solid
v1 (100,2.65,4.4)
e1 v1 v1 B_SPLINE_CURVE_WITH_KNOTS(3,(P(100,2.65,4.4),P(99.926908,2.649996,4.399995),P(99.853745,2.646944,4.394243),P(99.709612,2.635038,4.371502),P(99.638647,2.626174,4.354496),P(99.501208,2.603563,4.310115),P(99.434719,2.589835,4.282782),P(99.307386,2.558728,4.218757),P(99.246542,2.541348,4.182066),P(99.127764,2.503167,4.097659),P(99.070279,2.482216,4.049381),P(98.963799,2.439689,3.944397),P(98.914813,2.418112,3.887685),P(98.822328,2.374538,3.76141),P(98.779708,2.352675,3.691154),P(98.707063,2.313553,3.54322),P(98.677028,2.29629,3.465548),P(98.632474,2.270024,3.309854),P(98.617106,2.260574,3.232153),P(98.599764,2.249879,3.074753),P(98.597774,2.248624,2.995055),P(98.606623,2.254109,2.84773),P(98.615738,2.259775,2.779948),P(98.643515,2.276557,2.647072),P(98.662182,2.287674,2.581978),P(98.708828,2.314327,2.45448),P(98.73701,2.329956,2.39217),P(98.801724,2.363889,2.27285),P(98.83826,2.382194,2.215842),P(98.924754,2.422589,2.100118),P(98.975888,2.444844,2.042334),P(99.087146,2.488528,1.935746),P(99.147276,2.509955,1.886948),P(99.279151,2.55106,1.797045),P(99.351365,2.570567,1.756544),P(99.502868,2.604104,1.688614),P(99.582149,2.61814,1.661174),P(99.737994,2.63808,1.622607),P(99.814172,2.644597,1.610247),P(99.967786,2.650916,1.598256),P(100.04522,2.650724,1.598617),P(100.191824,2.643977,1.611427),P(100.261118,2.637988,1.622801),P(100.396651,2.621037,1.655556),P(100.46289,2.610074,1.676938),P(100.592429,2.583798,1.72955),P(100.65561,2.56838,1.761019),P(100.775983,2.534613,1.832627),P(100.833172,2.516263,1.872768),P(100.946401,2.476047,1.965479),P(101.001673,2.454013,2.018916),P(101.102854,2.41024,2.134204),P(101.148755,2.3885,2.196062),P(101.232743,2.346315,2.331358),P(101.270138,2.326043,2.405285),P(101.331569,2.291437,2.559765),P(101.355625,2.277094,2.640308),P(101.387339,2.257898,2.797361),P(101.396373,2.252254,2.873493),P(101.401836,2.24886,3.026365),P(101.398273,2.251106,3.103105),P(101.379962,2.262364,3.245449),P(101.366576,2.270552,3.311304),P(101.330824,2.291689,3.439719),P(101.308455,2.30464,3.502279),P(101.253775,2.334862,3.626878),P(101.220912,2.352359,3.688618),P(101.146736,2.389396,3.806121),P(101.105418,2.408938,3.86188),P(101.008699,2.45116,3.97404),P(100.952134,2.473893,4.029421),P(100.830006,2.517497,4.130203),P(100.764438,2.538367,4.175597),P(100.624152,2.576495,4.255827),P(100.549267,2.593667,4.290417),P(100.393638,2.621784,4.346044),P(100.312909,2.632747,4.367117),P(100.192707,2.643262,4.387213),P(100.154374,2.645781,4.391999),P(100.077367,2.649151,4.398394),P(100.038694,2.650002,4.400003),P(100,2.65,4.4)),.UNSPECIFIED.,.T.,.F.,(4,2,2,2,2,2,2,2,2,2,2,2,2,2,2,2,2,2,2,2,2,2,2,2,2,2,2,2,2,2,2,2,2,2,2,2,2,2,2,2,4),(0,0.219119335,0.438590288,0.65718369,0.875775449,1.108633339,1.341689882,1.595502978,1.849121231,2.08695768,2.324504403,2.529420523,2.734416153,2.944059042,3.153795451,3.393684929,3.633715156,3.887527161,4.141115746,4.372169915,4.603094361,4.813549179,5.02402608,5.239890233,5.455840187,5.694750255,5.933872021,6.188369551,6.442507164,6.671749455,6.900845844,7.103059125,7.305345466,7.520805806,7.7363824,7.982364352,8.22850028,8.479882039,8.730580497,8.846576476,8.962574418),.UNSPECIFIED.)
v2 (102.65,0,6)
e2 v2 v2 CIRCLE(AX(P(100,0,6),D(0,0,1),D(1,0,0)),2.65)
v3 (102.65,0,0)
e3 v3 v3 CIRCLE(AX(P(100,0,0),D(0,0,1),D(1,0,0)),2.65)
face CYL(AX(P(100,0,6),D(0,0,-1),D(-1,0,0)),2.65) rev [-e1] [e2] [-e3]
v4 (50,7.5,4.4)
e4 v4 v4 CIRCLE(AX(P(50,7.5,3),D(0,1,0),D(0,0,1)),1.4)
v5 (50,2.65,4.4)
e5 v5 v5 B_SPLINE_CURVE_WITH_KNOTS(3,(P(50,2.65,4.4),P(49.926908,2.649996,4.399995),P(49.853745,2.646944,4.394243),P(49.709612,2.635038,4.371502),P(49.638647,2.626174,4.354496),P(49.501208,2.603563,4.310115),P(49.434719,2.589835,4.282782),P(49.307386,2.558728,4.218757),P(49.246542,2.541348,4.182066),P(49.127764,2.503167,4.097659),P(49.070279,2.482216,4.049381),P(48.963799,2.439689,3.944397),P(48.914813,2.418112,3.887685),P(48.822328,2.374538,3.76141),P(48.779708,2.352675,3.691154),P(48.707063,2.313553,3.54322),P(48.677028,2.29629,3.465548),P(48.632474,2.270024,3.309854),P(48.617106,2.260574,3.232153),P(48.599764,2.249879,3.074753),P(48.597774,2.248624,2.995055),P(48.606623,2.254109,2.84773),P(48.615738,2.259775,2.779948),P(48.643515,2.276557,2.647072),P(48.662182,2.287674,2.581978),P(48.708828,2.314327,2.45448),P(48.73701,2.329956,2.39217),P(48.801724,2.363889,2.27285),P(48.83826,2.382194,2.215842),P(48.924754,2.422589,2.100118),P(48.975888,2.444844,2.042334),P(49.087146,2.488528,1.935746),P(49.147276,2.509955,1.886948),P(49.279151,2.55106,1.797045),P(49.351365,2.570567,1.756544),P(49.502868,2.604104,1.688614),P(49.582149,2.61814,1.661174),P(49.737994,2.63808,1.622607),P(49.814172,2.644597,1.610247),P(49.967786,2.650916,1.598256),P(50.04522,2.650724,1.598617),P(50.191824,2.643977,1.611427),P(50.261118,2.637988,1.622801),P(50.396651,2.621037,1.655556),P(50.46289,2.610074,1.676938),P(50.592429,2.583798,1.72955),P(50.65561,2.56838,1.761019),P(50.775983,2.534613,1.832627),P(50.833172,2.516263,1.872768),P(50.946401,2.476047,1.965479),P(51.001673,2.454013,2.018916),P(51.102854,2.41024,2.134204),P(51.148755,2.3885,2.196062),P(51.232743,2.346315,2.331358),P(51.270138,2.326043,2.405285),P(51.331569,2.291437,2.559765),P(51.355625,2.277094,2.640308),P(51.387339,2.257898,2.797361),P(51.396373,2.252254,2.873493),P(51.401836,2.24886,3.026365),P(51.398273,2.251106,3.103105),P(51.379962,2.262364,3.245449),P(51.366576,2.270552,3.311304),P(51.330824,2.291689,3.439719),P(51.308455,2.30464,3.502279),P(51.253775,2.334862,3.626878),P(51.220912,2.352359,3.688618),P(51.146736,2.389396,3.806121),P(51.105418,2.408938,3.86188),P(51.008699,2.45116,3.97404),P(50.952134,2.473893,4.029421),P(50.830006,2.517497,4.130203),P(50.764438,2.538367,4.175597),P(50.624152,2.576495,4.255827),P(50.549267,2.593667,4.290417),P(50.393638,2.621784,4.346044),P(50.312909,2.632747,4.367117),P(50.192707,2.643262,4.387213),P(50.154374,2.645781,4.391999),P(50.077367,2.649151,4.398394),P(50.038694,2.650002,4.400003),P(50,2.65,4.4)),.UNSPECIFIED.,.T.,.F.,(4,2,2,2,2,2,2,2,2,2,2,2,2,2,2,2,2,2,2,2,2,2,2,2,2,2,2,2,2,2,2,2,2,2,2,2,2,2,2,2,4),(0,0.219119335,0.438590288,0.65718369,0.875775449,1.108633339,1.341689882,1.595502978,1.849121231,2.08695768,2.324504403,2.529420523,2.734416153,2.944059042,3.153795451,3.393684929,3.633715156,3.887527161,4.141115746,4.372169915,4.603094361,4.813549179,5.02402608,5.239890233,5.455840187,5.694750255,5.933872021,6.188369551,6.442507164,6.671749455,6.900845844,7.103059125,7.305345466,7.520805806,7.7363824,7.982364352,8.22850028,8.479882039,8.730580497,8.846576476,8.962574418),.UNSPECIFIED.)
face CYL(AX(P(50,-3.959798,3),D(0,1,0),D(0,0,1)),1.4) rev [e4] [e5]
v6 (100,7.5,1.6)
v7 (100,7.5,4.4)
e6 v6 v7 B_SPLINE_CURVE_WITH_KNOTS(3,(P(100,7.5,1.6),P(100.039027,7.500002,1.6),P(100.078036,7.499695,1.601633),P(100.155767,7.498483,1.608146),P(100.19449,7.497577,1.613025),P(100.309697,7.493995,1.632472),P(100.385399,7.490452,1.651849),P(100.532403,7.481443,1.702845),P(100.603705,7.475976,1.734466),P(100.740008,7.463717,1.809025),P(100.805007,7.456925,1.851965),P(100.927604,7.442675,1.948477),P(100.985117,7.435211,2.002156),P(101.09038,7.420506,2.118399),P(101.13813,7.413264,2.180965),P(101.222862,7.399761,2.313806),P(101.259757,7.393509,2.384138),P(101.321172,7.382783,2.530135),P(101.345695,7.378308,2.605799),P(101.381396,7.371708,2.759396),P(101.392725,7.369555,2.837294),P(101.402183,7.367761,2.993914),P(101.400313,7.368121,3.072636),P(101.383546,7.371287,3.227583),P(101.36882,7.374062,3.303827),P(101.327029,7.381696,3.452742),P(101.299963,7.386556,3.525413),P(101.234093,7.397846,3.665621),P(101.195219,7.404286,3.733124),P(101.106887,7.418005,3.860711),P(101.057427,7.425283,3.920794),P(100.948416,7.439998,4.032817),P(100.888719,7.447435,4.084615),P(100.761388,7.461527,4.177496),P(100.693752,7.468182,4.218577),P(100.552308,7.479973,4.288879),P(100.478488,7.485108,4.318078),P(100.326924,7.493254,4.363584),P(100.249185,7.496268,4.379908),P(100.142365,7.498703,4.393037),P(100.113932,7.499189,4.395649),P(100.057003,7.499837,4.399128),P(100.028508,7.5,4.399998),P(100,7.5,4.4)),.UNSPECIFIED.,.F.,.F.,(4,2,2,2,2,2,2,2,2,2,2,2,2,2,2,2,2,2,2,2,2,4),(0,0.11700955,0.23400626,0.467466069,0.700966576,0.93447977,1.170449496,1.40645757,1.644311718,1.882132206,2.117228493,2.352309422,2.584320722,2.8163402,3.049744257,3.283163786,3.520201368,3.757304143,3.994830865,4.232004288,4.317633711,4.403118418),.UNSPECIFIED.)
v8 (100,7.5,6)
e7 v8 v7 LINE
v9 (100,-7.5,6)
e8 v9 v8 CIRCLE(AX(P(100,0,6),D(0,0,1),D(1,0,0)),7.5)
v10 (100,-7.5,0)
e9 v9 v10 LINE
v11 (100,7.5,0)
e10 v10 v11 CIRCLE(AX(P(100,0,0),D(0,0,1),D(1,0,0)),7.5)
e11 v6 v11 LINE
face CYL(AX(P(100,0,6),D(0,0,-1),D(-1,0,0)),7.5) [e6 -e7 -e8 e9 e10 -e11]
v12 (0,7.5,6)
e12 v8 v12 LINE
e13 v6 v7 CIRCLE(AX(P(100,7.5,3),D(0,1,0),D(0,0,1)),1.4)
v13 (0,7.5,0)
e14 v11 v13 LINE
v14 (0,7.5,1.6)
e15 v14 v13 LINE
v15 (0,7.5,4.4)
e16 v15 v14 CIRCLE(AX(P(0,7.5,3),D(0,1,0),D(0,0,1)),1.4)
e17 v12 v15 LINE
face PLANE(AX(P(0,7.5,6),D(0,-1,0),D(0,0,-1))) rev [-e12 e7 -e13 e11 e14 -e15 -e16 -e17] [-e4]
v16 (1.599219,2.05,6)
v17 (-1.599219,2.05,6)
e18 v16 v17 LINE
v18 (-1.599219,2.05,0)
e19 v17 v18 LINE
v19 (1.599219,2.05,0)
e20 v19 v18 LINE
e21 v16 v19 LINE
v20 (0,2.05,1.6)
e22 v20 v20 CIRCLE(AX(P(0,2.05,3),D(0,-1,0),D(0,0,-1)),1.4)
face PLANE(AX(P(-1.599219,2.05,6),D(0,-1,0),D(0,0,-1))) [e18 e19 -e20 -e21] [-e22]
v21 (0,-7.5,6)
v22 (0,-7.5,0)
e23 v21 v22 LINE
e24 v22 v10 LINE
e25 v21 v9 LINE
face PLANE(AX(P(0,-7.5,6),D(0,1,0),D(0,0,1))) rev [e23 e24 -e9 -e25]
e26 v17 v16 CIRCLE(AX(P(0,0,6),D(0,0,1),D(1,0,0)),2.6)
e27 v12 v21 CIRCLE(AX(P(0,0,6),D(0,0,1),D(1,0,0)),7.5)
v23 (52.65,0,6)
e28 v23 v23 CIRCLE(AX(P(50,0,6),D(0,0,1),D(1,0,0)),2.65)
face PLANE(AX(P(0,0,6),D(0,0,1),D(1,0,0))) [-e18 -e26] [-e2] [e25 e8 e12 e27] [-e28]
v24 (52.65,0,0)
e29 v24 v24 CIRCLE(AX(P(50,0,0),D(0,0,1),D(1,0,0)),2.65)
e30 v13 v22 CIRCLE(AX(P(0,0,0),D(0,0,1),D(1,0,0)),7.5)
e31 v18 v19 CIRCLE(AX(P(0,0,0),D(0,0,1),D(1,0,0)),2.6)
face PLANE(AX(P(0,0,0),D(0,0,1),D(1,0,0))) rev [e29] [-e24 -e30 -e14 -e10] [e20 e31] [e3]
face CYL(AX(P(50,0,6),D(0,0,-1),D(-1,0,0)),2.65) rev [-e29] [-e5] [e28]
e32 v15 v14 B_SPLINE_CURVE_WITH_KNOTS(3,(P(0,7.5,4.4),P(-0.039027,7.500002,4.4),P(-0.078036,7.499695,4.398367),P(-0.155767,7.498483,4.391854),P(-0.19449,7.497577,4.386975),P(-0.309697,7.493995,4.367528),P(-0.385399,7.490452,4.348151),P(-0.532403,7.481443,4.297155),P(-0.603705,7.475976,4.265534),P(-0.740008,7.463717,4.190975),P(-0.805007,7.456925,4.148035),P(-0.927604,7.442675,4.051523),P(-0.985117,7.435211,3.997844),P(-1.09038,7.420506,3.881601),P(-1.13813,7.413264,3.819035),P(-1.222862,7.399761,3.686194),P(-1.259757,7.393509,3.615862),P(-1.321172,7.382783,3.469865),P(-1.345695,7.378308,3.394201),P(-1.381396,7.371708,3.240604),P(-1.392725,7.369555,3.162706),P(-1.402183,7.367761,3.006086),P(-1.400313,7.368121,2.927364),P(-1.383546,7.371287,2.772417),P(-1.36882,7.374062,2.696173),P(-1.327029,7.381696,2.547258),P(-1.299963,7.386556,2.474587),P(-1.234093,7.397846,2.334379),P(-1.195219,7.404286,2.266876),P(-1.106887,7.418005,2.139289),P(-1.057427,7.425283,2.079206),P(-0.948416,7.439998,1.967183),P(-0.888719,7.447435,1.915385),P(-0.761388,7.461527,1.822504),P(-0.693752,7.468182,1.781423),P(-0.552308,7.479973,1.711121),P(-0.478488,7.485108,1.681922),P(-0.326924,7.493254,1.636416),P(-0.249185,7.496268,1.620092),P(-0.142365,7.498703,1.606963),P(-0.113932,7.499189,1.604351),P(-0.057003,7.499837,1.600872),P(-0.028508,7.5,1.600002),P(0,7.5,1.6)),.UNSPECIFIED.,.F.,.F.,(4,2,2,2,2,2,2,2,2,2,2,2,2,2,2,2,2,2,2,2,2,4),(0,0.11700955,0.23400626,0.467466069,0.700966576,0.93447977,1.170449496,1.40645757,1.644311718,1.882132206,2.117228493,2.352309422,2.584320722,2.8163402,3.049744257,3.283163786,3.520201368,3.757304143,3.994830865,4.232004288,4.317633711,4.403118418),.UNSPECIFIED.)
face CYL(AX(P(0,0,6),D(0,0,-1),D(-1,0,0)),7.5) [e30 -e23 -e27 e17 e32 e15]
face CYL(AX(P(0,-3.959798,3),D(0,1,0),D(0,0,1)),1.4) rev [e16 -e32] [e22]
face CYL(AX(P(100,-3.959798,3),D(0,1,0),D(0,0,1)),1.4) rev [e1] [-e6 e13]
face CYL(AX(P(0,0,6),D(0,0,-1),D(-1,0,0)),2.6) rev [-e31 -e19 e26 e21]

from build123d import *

# Parameters (mm, degrees)
SKETCH1_R           = 2.65
BOSS_EXTRUDE1_DEPTH = 6
CUT_EXTRUDE1_REACH  = 110.707
SKETCH2_R           = 1.4


with BuildPart() as part:
    # Sketch1 → Boss-Extrude1 (new body)
    with BuildSketch(Plane.XY):
        with BuildLine():
            Line((0, 7.5), (100, 7.5))
            ThreePointArc((100, 7.5), (107.5, 0), (100, -7.5))
            Line((100, -7.5), (0, -7.5))
            ThreePointArc((0, -7.5), (-7.5, 0), (0, 7.5))
        make_face()
        with Locations((50, 0)):
            Circle(SKETCH1_R, mode=Mode.SUBTRACT)
        with Locations((100, 0)):
            Circle(SKETCH1_R, mode=Mode.SUBTRACT)
        with BuildLine():
            Line((-1.599218559, 2.05), (1.599218559, 2.05))
            ThreePointArc((1.599218559, 2.05), (0, -2.6), (-1.599218559, 2.05))
        make_face(mode=Mode.SUBTRACT)
    extrude(amount=BOSS_EXTRUDE1_DEPTH)

    # Sketch2 → Cut-Extrude1 (cut, up to next)
    with BuildSketch(Plane(origin=(0, 7.5, 0), x_dir=(1, 0, 0), z_dir=(0, 1, 0)), mode=Mode.PRIVATE) as cut_extrude1_sk1:
        with Locations(Location((0, -3, 0), (0, 0, 90))):
            Circle(SKETCH2_R)
    cut_extrude1_tool1 = extrude(cut_extrude1_sk1.sketch, amount=-CUT_EXTRUDE1_REACH, mode=Mode.PRIVATE) & part.part
    # Sketch2 → Cut-Extrude1 (cut, up to next)
    with BuildSketch(Plane(origin=(0, 7.5, 0), x_dir=(1, 0, 0), z_dir=(0, 1, 0)), mode=Mode.PRIVATE) as cut_extrude1_sk2:
        with Locations(Location((50, -3, 0), (0, 0, 270))):
            Circle(SKETCH2_R)
    cut_extrude1_tool2 = extrude(cut_extrude1_sk2.sketch, amount=-CUT_EXTRUDE1_REACH, mode=Mode.PRIVATE) & part.part
    # Sketch2 → Cut-Extrude1 (cut, up to next)
    with BuildSketch(Plane(origin=(0, 7.5, 0), x_dir=(1, 0, 0), z_dir=(0, 1, 0)), mode=Mode.PRIVATE) as cut_extrude1_sk3:
        with Locations(Location((100, -3, 0), (0, 0, 270))):
            Circle(SKETCH2_R)
    cut_extrude1_tool3 = extrude(cut_extrude1_sk3.sketch, amount=-CUT_EXTRUDE1_REACH, mode=Mode.PRIVATE) & part.part
    add(cut_extrude1_tool1.solids().sort_by_distance((0, 7.5, 3))[0], mode=Mode.SUBTRACT)
    add(cut_extrude1_tool2.solids().sort_by_distance((50, 7.5, 3))[0], mode=Mode.SUBTRACT)
    add(cut_extrude1_tool3.solids().sort_by_distance((100, 7.5, 3))[0], mode=Mode.SUBTRACT)


solid = part.part
